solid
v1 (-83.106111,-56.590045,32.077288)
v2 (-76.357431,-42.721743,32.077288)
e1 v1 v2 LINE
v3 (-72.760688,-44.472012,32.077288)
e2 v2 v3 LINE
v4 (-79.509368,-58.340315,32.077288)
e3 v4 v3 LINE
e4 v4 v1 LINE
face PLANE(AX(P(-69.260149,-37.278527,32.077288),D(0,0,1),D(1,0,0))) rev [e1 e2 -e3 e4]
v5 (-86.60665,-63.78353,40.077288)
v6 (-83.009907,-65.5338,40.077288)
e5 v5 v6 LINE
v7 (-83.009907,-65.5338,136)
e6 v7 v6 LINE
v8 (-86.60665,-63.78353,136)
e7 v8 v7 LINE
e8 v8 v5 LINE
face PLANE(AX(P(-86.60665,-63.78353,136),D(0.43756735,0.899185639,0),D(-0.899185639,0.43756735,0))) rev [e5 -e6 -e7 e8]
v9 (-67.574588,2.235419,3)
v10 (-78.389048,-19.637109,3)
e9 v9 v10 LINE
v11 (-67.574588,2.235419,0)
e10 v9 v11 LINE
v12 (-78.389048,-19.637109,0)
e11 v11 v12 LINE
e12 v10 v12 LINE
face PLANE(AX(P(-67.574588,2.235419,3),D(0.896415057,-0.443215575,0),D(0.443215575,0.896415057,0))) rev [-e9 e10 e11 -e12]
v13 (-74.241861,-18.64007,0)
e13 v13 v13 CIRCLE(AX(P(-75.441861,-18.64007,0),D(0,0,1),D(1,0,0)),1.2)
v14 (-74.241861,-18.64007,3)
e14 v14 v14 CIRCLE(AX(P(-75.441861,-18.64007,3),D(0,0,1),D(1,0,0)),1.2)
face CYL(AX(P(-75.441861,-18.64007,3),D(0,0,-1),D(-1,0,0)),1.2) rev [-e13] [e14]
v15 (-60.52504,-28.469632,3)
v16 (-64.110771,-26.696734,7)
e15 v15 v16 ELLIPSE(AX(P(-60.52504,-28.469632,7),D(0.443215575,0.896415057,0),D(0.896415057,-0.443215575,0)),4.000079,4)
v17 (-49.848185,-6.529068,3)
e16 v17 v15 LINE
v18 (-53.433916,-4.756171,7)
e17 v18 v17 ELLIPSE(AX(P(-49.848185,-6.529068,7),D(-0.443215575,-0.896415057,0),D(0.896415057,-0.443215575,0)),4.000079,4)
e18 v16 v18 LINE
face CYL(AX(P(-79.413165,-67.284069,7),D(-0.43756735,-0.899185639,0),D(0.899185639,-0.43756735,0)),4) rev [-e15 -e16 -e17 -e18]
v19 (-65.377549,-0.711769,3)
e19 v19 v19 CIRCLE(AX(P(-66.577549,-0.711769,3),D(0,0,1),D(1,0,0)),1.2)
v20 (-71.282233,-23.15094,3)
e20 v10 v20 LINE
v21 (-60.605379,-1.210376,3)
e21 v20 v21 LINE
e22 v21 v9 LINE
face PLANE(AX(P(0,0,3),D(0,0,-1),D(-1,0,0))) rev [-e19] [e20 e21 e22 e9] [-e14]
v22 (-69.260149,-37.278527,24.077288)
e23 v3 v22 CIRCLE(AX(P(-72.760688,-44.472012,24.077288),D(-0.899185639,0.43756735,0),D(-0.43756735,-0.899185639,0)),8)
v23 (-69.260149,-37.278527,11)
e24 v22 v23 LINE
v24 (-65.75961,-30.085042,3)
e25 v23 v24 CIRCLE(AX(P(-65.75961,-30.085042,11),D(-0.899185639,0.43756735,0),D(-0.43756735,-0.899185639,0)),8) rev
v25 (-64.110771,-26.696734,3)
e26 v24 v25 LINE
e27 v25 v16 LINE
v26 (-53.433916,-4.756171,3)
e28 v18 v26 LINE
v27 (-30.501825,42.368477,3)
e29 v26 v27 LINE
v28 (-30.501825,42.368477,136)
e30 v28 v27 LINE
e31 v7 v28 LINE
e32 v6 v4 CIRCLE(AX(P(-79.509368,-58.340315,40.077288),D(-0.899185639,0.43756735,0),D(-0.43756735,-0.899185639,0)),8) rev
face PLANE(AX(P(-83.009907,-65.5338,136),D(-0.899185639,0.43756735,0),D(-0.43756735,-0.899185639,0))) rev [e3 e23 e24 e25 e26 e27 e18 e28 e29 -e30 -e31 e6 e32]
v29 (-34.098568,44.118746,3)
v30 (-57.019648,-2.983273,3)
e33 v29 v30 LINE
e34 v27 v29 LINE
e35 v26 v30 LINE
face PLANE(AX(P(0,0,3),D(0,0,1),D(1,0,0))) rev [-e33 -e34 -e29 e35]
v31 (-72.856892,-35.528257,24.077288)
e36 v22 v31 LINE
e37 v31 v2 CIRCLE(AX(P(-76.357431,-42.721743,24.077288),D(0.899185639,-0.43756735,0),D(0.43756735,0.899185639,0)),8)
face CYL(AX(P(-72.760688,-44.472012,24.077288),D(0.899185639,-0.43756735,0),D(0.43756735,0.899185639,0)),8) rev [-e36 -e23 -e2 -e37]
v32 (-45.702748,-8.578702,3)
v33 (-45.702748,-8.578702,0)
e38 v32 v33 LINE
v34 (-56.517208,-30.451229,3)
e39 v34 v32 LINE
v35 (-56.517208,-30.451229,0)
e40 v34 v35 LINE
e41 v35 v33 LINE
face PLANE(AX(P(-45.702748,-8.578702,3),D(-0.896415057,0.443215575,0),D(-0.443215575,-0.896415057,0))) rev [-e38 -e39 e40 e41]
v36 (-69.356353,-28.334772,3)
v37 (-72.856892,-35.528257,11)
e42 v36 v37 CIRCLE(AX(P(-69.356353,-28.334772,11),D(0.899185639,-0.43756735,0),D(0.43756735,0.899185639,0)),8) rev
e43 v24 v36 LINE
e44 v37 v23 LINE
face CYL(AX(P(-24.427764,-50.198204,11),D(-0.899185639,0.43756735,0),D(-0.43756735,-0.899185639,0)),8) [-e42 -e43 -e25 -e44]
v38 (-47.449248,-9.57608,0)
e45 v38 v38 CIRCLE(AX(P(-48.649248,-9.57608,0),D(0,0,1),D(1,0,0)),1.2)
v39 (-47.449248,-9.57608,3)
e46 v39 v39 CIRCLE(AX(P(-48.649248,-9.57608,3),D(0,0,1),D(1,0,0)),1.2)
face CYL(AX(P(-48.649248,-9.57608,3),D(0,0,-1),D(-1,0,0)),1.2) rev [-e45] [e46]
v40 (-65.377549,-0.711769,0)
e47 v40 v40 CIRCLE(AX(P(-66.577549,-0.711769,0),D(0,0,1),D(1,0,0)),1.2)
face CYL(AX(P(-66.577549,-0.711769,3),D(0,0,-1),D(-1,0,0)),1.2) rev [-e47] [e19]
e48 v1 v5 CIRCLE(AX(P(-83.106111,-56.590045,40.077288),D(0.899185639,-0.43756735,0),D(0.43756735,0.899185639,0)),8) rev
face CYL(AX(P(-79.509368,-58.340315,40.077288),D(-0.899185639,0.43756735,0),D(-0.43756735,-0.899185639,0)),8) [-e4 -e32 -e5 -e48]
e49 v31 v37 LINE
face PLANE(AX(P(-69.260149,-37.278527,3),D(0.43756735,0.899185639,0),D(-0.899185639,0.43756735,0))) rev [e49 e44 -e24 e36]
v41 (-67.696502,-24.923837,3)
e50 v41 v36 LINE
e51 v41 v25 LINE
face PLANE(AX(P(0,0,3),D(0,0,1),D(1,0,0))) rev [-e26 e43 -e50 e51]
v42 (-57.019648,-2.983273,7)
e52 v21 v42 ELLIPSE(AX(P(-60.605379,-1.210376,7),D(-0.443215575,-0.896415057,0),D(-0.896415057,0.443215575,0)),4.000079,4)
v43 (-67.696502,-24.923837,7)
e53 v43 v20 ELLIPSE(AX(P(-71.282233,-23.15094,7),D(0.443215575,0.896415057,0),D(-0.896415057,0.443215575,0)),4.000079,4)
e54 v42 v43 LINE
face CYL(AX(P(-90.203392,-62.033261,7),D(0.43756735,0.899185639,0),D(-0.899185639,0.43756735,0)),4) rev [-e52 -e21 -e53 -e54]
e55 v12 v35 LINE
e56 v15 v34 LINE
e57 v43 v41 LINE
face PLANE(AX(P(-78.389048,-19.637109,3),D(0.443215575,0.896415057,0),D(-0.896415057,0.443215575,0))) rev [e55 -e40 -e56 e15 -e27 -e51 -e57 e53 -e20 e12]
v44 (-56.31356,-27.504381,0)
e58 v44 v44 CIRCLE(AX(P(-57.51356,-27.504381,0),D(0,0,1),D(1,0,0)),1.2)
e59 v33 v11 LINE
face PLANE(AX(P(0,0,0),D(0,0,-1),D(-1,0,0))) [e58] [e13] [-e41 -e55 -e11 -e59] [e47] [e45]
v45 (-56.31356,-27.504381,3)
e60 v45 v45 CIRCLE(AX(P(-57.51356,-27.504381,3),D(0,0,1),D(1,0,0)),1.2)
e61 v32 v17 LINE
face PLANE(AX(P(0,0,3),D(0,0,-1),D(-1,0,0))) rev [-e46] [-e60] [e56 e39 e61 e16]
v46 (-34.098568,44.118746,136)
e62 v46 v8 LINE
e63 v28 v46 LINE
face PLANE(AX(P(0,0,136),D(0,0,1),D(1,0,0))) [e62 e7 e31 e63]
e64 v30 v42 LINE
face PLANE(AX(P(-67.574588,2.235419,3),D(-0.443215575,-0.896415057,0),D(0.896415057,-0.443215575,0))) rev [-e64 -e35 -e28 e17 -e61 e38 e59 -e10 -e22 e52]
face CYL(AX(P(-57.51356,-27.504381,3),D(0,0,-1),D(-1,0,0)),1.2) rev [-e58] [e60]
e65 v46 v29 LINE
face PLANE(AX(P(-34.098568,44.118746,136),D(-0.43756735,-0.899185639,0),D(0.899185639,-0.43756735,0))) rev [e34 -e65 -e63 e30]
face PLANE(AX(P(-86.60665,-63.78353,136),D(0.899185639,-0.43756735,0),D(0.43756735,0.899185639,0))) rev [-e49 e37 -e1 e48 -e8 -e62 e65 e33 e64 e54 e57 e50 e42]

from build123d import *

# Parameters (mm, degrees)
SKETCH_1_R          = 1.2
EXTRUDE_1_DEPTH     = 3
EXTRUDE_2_DEPTH     = 133
FILLET_1_R          = 4
SKETCH_4_W          = 29.077288304
SKETCH_4_H          = 31.423180799
CUT_EXTRUDE_1_DEPTH = 4
FILLET_3_R          = 8


with BuildPart() as part:
    # 草图1 → 凸台-拉伸1 (new body)
    with BuildSketch(Plane.XY):
        Polygon((-67.574588252, 2.235418745), (-78.389048292, -19.637108636), (-56.517207821, -30.451229046), (-45.702747781, -8.578701665), align=None)
        with Locations((-66.577549394, -0.711768645)):
            Circle(SKETCH_1_R, mode=Mode.SUBTRACT)
        with Locations((-75.441860902, -18.640069777)):
            Circle(SKETCH_1_R, mode=Mode.SUBTRACT)
        with Locations((-57.51355977, -27.504381286)):
            Circle(SKETCH_1_R, mode=Mode.SUBTRACT)
        with Locations((-48.649248262, -9.576080153)):
            Circle(SKETCH_1_R, mode=Mode.SUBTRACT)
    extrude(amount=EXTRUDE_1_DEPTH)

    # 草图2 → 凸台-拉伸2 (add)
    with BuildSketch(Plane.XY.offset(3)):
        Polygon((-86.606649797, -63.783530386), (-34.098567754, 44.118746329), (-30.501825197, 42.368476928), (-83.00990724, -65.533799787), align=None)
    extrude(amount=EXTRUDE_2_DEPTH)

    # 圆角1
    fillet_1_edges = [part.edges().sort_by_distance(p)[0] for p in [
        (-58.772343801, -15.726452512, 3),
        (-62.358074987, -13.953555126, 3),
    ]]
    fillet(fillet_1_edges, radius=FILLET_1_R)

    # 草图4 → 切除-拉伸1 (cut)
    with BuildSketch(Plane(origin=(-44.928588602, 21.863431321, 0), x_dir=(0, 0, 1), z_dir=(-0.8991856392880848, 0.43756735035658034, 0))):
        with Locations((17.538644152, -79.537886422)):
            Rectangle(SKETCH_4_W, SKETCH_4_H)
    extrude(amount=-CUT_EXTRUDE_1_DEPTH, mode=Mode.SUBTRACT)

    # 圆角3
    fillet_3_edges = [part.edges().sort_by_distance(p)[0] for p in [
        (-71.058520557, -36.403392171, 3),
        (-71.058520557, -36.403392171, 32.077288304),
        (-84.808278518, -64.658665086, 32.077288304),
    ]]
    fillet(fillet_3_edges, radius=FILLET_3_R)


solid = part.part
